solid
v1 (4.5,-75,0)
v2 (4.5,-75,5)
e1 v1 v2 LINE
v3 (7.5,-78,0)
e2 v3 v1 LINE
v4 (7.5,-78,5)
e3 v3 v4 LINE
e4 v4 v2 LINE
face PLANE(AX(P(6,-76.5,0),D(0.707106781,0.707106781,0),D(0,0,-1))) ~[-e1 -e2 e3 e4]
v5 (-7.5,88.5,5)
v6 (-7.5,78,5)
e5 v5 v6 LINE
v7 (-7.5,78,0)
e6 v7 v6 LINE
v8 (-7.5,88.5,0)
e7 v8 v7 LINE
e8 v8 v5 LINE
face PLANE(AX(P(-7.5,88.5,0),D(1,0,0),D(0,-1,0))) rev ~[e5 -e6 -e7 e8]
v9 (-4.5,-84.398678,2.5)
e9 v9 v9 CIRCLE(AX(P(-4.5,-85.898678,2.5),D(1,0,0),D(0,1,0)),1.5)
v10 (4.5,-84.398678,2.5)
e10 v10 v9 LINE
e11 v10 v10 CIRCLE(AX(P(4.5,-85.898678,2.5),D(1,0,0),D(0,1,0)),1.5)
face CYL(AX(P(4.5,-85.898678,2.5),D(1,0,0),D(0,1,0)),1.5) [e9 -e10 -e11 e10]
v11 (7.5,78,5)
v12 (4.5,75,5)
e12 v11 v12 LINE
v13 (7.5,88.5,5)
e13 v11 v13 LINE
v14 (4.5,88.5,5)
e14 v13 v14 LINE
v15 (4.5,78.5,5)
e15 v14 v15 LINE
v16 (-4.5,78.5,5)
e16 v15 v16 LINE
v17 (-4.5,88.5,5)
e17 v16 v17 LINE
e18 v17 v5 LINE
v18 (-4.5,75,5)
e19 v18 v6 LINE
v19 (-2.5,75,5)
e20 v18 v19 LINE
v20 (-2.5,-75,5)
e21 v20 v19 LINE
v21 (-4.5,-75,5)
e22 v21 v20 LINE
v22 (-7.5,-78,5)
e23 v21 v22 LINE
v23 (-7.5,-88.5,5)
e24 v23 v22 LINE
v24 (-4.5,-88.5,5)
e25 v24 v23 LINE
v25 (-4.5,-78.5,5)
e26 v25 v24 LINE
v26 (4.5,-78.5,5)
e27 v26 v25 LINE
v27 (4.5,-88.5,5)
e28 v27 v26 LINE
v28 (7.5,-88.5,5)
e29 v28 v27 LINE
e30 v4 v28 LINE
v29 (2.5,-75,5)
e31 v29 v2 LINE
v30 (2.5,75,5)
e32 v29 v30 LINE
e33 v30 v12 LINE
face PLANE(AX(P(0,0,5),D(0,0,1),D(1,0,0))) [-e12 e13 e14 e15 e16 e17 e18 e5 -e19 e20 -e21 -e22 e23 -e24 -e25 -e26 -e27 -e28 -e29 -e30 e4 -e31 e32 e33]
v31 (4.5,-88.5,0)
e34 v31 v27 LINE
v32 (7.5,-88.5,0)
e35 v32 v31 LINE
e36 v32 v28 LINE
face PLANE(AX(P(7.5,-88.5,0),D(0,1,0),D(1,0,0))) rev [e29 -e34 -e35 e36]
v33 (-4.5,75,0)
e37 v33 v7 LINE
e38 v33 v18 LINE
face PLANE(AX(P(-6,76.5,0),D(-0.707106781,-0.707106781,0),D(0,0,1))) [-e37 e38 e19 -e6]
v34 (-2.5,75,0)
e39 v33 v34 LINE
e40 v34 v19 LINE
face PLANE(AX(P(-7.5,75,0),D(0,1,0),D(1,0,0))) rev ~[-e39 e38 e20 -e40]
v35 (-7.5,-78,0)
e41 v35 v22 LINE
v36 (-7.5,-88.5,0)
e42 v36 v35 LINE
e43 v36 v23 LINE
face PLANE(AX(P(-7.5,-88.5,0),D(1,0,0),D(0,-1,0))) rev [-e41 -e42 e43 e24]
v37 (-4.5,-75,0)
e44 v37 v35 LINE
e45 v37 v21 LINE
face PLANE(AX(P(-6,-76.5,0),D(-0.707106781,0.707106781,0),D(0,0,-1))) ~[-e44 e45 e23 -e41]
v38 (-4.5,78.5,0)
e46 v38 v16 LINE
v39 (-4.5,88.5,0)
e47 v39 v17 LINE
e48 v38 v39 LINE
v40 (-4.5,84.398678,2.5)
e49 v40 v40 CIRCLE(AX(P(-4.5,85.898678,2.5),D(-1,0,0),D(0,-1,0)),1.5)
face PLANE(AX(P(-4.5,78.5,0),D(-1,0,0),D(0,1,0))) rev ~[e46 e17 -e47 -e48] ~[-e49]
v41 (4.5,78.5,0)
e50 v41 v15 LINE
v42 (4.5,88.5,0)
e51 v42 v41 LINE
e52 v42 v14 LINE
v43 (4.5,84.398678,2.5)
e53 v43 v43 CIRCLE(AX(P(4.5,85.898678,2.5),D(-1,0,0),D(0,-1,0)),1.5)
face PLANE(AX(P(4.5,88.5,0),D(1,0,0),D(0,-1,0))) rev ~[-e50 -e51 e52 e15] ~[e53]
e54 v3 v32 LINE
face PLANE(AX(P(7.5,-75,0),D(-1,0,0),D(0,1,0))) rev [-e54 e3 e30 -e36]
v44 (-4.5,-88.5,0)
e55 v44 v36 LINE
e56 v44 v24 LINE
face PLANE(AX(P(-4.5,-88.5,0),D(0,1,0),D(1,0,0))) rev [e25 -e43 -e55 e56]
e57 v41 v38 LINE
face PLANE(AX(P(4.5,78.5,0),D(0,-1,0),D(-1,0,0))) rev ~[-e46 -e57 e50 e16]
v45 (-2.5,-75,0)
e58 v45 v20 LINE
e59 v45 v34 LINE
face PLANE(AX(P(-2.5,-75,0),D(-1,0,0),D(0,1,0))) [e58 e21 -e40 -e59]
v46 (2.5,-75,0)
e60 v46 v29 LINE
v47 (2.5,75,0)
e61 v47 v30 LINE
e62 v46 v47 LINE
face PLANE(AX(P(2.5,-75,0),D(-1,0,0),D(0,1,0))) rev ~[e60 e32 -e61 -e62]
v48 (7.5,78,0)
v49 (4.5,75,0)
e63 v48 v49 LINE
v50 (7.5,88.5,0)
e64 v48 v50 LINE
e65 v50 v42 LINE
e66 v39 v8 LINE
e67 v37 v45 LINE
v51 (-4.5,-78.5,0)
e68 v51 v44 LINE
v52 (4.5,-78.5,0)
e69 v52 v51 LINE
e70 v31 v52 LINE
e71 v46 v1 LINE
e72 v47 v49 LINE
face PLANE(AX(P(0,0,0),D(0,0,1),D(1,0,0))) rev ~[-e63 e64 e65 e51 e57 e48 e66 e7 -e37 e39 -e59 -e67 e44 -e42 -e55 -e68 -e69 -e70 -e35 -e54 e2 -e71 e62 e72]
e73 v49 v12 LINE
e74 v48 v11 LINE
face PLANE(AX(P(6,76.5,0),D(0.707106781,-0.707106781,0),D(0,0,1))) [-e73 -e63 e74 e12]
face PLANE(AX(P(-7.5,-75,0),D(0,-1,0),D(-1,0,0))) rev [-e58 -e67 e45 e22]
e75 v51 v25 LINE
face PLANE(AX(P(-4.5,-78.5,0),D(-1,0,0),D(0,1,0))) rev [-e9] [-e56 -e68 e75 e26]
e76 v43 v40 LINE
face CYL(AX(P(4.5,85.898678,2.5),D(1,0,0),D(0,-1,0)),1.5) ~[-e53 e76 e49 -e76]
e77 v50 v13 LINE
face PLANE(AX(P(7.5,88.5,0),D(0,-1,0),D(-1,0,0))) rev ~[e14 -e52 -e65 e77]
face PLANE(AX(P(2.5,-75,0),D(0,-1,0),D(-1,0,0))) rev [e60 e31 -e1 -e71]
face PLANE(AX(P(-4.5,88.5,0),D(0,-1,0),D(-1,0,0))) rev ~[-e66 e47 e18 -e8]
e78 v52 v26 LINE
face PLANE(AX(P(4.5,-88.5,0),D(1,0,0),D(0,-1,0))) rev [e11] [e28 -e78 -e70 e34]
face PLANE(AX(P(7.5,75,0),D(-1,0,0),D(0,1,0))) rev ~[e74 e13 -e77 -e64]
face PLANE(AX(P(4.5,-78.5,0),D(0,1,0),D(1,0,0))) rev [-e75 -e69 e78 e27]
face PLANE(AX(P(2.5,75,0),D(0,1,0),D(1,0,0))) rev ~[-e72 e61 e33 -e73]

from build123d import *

# Parameters (mm, degrees)
F0_W     = 5
F0_H     = 150
F1_DEPTH = 5
F2_R     = 1.5
F3_DEPTH = 9
F5_SIZE  = 3


with BuildPart() as f1:
    # F0 (on Top) → F1 (new body)
    with BuildSketch(Plane.XY):
        Rectangle(F0_W, F0_H)
        Polygon((-2.5, 75), (2.5, 75), (7.5, 75), (7.5, 88.5), (4.5, 88.5), (4.5, 78.5), (0, 78.5), (-4.5, 78.5), (-4.5, 88.5), (-7.5, 88.5), (-7.5, 75), align=None)
    extrude(amount=F1_DEPTH)

    # F2 (on face) → F3 (join, through all)
    with BuildSketch(Plane(origin=(4.5, 0, 0), x_dir=(0, -1, 0), z_dir=(-1, 0, 0))):
        with Locations((-85.8986780643, 2.5)):
            Circle(F2_R)
    extrude(amount=F3_DEPTH)

    # F4: F1 across plane


with BuildPart() as f1_1:
    add(f1.part)
    add(f1.part.mirror(Plane.XZ))

    # F5
    f5_edges = [f1_1.edges().sort_by_distance(p)[0] for p in [
        (-7.5, 75, 2.5),
        (7.5, 75, 2.5),
        (-7.5, -75, 2.5),
        (7.5, -75, 2.5),
    ]]
    chamfer(f5_edges, length=F5_SIZE)


solid = f1_1.part
